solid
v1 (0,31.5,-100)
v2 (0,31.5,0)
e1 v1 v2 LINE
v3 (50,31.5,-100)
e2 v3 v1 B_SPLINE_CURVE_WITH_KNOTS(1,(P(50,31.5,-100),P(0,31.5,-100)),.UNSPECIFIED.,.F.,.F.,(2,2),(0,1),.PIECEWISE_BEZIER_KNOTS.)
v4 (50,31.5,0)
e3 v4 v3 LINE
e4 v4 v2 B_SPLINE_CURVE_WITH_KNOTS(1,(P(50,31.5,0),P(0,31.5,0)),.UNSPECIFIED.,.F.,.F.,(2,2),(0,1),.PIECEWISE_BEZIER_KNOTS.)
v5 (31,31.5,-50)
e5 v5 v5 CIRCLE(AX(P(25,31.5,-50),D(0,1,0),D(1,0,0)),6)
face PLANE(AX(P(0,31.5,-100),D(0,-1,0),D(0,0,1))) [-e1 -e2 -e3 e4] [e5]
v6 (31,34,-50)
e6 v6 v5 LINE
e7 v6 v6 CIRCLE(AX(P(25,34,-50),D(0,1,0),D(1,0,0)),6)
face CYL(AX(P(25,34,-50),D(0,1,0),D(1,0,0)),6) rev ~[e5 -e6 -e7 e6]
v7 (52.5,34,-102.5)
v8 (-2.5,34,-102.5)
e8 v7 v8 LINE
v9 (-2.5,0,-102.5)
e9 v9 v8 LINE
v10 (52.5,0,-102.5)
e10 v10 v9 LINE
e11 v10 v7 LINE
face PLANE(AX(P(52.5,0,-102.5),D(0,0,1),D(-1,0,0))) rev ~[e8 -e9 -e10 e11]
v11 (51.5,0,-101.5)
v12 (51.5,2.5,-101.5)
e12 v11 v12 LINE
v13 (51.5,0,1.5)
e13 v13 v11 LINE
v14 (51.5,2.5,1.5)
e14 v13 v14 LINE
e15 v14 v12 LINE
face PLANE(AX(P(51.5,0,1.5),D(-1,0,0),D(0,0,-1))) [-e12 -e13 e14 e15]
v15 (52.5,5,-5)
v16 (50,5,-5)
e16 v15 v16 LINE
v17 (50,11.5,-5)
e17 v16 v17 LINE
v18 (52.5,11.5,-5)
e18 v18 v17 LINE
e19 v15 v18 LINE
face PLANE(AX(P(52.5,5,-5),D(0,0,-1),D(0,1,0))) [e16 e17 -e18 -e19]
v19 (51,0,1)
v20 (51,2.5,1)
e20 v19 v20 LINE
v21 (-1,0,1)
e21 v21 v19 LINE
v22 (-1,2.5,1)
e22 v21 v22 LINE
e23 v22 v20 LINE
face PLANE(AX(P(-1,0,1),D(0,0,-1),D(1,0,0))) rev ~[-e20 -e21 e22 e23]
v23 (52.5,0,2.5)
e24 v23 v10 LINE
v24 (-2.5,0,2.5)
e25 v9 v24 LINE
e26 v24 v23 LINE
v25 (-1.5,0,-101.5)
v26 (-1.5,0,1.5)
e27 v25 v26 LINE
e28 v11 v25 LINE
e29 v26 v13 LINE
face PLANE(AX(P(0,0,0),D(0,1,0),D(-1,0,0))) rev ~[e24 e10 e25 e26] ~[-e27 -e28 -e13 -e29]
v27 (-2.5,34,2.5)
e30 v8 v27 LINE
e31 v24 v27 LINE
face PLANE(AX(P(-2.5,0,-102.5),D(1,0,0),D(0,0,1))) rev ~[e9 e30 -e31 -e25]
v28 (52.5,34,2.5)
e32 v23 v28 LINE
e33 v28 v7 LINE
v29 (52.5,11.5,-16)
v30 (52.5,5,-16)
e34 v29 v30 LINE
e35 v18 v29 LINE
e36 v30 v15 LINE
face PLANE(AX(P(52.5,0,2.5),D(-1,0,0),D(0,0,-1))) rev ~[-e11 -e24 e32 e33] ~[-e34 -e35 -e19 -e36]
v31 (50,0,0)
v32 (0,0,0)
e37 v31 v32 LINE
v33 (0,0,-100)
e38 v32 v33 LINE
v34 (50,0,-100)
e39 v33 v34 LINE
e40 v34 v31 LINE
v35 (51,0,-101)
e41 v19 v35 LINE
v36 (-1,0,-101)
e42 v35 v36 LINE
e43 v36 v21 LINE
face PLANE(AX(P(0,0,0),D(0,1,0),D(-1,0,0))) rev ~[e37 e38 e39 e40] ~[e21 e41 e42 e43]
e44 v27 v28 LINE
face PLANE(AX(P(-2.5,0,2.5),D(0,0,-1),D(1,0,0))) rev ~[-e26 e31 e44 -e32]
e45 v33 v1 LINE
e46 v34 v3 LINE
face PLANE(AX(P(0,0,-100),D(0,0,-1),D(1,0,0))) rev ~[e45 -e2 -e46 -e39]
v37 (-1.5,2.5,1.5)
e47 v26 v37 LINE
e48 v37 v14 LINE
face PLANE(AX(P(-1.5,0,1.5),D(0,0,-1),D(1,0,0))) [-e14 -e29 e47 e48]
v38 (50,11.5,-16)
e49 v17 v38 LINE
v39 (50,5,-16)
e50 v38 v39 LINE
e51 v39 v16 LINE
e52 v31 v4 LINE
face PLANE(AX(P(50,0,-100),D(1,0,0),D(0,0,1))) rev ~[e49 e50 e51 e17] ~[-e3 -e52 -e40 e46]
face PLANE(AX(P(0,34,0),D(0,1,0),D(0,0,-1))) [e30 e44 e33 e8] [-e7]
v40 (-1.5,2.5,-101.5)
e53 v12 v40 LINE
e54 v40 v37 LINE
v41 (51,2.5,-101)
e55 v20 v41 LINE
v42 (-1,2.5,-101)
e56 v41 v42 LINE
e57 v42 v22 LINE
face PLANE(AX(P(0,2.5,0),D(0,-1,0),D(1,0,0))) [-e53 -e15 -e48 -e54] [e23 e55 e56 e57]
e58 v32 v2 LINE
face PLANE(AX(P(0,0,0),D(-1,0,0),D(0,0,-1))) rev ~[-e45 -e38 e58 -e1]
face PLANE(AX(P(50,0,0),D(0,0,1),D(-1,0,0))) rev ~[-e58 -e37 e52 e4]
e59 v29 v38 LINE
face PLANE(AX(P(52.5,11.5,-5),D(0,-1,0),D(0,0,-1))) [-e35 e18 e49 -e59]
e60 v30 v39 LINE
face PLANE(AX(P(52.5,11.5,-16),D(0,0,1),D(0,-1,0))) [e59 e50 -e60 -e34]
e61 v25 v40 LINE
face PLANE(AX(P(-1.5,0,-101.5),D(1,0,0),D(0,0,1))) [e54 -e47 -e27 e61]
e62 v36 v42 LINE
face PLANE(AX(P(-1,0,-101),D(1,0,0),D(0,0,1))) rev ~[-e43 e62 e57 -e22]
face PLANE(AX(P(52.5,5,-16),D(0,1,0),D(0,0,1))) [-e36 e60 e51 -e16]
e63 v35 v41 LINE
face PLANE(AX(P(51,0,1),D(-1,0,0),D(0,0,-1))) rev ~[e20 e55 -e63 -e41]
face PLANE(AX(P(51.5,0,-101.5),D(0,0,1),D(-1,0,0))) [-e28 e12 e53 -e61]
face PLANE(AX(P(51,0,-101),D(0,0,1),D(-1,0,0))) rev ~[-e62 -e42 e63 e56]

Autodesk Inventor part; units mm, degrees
ref_plane "우측면도" through (0, 0, 0) normal (1, 0, 0) x (0, 1, 0)
ref_plane "평면도" through (0, 0, 0) normal (0, 1, 0) x (-1, 0, 0)
ref_plane "정면도" through (0, 0, 0) normal (0, 0, 1) x (1, 0, 0)
sketch "스케치1" plane through (0, 0, 0) normal (0, 1, 0) x (-1, 0, 0)
  line L0 (0, 0) -> (0, -100)
  line L1 (0, -100) -> (-50, -100)
  line L2 (-50, -100) -> (-50, 0)
  line L3 (-50, 0) -> (0, 0)
  line L4 (2.5, -102.5) -> (2.5, 2.5)
  line L5 (2.5, 2.5) -> (-52.5, 2.5)
  line L6 (-52.5, 2.5) -> (-52.5, -102.5)
  line L7 (-52.5, -102.5) -> (2.5, -102.5)
  line L8 (1, -101) -> (1, 1)
  line L9 (1, 1) -> (-51, 1)
  line L10 (-51, 1) -> (-51, -101)
  line L11 (-51, -101) -> (1, -101)
  line L12 (1.5, -101.5) -> (1.5, 1.5)
  line L13 (1.5, 1.5) -> (-51.5, 1.5)
  line L14 (-51.5, 1.5) -> (-51.5, -101.5)
  line L15 (-51.5, -101.5) -> (1.5, -101.5)
  dimension "d1" = 50
  dimension "d2" = 100
  dimension "d5" = 2.5
  dimension "d6" = 1.5
  dimension "d7" = 0.5
extrude "돌출1" add sketch "스케치1" along normal blind 34 contours L7 L6 L5 L4 | L11 L10 L9 L8 | L15 L14 L13 L12
sketch "스케치4" plane through (50, 0, 0) normal (-1, 0, 0) x (0, 0, 1)
  line L0 (-100, 34) -> (0, 34) projected
  line L1 (-100, 34) -> (0, 34)
  line L2 (0, 34) -> (0, 31.5)
  line L3 (0, 31.5) -> (-100, 31.5)
  line L4 (-100, 34) -> (-100, 31.5)
  line L5 (0, 34) -> (0, 31.5)
  point P0 (0, 0)
  dimension "d12" = 2.5
sketch "스케치5" plane through (0, 0, -100) normal (1, 0, 0) x (0, 0, -1)
  line L0 (-100, 34) -> (0, 34) projected
  line L1 (0, 34) -> (0, 31.5)
  line L2 (0, 31.5) -> (-100, 31.5)
  line L3 (-100, 34) -> (-100, 31.5)
  line L4 (-100, 34) -> (0, 34)
  point P0 (-100, 0)
  dimension "d13" = 2.5
loft "로프트1" add profiles "스케치4", "스케치5"
sketch "스케치6" plane through (0, 34, 0) normal (0, 1, 0) x (1, 0, 0)
  line L0 (-2.5, 102.5) -> (-2.5, -2.5) projected
  line L1 (-2.5, -2.5) -> (52.5, -2.5) projected
  line L2 (52.5, -2.5) -> (52.5, 102.5) projected
  line L3 (52.5, 102.5) -> (-2.5, 102.5) projected
  circle A0 centre (25, 50) radius 6
  point P0 (0, 0)
  dimension "d18" = 12
  dimension "d31" = 27.5
  dimension "d32" = 52.5
extrude "돌출2" cut sketch "스케치6" against normal blind 50 contours A0
sketch "스케치8" plane through (0, 0, 0) normal (0, -1, 0) x (1, 0, 0)
  line L0 (50, -100) -> (0, -100) projected
  line L1 (0, -100) -> (0, 0) projected
  line L2 (0, 0) -> (50, 0) projected
  line L3 (50, 0) -> (50, -100) projected
  line L4 (-2.5, -102.5) -> (-2.5, 2.5) projected
  line L5 (52.5, -102.5) -> (-2.5, -102.5) projected
  line L6 (52.5, 2.5) -> (52.5, -102.5) projected
  line L7 (-2.5, 2.5) -> (52.5, 2.5) projected
  line L8 (-1.5, -101.5) -> (-1.5, 1.5) projected
  line L9 (-1, -101) -> (-1, 1) projected
  line L10 (-1.5, 1.5) -> (51.5, 1.5) projected
  line L11 (-1, 1) -> (51, 1) projected
  line L12 (51, 1) -> (51, -101) projected
  line L13 (51.5, 1.5) -> (51.5, -101.5) projected
  line L14 (51, -101) -> (-1, -101) projected
  line L15 (51.5, -101.5) -> (-1.5, -101.5) projected
extrude "돌출4" cut sketch "스케치8" against normal blind 2.5 contours L8 L10 L13 L15
sketch "스케치9" plane through (52.5, 0, 2.5) normal (1, 0, 0) x (0, 0, -1)
  line L0 (0, 0) -> (105, 0) projected
  line L1 (105, 0) -> (105, 34) projected
  line L2 (0, 34) -> (105, 34) projected
  line L3 (0, 0) -> (0, 34) projected
  line L4 (7.5, 11.5) -> (18.5, 11.5)
  line L5 (18.5, 11.5) -> (18.5, 5)
  line L6 (18.5, 5) -> (7.5, 5)
  line L7 (7.5, 5) -> (7.5, 11.5)
  point P0 (2.5, 0)
  dimension "d25" = 6.5
  dimension "d26" = 11
  dimension "d27" = 5
  dimension "d28" = 5
extrude "돌출5" cut sketch "스케치9" against normal blind 10 contours L4 L5 L6 L7
properties part number "호출벨 new"
